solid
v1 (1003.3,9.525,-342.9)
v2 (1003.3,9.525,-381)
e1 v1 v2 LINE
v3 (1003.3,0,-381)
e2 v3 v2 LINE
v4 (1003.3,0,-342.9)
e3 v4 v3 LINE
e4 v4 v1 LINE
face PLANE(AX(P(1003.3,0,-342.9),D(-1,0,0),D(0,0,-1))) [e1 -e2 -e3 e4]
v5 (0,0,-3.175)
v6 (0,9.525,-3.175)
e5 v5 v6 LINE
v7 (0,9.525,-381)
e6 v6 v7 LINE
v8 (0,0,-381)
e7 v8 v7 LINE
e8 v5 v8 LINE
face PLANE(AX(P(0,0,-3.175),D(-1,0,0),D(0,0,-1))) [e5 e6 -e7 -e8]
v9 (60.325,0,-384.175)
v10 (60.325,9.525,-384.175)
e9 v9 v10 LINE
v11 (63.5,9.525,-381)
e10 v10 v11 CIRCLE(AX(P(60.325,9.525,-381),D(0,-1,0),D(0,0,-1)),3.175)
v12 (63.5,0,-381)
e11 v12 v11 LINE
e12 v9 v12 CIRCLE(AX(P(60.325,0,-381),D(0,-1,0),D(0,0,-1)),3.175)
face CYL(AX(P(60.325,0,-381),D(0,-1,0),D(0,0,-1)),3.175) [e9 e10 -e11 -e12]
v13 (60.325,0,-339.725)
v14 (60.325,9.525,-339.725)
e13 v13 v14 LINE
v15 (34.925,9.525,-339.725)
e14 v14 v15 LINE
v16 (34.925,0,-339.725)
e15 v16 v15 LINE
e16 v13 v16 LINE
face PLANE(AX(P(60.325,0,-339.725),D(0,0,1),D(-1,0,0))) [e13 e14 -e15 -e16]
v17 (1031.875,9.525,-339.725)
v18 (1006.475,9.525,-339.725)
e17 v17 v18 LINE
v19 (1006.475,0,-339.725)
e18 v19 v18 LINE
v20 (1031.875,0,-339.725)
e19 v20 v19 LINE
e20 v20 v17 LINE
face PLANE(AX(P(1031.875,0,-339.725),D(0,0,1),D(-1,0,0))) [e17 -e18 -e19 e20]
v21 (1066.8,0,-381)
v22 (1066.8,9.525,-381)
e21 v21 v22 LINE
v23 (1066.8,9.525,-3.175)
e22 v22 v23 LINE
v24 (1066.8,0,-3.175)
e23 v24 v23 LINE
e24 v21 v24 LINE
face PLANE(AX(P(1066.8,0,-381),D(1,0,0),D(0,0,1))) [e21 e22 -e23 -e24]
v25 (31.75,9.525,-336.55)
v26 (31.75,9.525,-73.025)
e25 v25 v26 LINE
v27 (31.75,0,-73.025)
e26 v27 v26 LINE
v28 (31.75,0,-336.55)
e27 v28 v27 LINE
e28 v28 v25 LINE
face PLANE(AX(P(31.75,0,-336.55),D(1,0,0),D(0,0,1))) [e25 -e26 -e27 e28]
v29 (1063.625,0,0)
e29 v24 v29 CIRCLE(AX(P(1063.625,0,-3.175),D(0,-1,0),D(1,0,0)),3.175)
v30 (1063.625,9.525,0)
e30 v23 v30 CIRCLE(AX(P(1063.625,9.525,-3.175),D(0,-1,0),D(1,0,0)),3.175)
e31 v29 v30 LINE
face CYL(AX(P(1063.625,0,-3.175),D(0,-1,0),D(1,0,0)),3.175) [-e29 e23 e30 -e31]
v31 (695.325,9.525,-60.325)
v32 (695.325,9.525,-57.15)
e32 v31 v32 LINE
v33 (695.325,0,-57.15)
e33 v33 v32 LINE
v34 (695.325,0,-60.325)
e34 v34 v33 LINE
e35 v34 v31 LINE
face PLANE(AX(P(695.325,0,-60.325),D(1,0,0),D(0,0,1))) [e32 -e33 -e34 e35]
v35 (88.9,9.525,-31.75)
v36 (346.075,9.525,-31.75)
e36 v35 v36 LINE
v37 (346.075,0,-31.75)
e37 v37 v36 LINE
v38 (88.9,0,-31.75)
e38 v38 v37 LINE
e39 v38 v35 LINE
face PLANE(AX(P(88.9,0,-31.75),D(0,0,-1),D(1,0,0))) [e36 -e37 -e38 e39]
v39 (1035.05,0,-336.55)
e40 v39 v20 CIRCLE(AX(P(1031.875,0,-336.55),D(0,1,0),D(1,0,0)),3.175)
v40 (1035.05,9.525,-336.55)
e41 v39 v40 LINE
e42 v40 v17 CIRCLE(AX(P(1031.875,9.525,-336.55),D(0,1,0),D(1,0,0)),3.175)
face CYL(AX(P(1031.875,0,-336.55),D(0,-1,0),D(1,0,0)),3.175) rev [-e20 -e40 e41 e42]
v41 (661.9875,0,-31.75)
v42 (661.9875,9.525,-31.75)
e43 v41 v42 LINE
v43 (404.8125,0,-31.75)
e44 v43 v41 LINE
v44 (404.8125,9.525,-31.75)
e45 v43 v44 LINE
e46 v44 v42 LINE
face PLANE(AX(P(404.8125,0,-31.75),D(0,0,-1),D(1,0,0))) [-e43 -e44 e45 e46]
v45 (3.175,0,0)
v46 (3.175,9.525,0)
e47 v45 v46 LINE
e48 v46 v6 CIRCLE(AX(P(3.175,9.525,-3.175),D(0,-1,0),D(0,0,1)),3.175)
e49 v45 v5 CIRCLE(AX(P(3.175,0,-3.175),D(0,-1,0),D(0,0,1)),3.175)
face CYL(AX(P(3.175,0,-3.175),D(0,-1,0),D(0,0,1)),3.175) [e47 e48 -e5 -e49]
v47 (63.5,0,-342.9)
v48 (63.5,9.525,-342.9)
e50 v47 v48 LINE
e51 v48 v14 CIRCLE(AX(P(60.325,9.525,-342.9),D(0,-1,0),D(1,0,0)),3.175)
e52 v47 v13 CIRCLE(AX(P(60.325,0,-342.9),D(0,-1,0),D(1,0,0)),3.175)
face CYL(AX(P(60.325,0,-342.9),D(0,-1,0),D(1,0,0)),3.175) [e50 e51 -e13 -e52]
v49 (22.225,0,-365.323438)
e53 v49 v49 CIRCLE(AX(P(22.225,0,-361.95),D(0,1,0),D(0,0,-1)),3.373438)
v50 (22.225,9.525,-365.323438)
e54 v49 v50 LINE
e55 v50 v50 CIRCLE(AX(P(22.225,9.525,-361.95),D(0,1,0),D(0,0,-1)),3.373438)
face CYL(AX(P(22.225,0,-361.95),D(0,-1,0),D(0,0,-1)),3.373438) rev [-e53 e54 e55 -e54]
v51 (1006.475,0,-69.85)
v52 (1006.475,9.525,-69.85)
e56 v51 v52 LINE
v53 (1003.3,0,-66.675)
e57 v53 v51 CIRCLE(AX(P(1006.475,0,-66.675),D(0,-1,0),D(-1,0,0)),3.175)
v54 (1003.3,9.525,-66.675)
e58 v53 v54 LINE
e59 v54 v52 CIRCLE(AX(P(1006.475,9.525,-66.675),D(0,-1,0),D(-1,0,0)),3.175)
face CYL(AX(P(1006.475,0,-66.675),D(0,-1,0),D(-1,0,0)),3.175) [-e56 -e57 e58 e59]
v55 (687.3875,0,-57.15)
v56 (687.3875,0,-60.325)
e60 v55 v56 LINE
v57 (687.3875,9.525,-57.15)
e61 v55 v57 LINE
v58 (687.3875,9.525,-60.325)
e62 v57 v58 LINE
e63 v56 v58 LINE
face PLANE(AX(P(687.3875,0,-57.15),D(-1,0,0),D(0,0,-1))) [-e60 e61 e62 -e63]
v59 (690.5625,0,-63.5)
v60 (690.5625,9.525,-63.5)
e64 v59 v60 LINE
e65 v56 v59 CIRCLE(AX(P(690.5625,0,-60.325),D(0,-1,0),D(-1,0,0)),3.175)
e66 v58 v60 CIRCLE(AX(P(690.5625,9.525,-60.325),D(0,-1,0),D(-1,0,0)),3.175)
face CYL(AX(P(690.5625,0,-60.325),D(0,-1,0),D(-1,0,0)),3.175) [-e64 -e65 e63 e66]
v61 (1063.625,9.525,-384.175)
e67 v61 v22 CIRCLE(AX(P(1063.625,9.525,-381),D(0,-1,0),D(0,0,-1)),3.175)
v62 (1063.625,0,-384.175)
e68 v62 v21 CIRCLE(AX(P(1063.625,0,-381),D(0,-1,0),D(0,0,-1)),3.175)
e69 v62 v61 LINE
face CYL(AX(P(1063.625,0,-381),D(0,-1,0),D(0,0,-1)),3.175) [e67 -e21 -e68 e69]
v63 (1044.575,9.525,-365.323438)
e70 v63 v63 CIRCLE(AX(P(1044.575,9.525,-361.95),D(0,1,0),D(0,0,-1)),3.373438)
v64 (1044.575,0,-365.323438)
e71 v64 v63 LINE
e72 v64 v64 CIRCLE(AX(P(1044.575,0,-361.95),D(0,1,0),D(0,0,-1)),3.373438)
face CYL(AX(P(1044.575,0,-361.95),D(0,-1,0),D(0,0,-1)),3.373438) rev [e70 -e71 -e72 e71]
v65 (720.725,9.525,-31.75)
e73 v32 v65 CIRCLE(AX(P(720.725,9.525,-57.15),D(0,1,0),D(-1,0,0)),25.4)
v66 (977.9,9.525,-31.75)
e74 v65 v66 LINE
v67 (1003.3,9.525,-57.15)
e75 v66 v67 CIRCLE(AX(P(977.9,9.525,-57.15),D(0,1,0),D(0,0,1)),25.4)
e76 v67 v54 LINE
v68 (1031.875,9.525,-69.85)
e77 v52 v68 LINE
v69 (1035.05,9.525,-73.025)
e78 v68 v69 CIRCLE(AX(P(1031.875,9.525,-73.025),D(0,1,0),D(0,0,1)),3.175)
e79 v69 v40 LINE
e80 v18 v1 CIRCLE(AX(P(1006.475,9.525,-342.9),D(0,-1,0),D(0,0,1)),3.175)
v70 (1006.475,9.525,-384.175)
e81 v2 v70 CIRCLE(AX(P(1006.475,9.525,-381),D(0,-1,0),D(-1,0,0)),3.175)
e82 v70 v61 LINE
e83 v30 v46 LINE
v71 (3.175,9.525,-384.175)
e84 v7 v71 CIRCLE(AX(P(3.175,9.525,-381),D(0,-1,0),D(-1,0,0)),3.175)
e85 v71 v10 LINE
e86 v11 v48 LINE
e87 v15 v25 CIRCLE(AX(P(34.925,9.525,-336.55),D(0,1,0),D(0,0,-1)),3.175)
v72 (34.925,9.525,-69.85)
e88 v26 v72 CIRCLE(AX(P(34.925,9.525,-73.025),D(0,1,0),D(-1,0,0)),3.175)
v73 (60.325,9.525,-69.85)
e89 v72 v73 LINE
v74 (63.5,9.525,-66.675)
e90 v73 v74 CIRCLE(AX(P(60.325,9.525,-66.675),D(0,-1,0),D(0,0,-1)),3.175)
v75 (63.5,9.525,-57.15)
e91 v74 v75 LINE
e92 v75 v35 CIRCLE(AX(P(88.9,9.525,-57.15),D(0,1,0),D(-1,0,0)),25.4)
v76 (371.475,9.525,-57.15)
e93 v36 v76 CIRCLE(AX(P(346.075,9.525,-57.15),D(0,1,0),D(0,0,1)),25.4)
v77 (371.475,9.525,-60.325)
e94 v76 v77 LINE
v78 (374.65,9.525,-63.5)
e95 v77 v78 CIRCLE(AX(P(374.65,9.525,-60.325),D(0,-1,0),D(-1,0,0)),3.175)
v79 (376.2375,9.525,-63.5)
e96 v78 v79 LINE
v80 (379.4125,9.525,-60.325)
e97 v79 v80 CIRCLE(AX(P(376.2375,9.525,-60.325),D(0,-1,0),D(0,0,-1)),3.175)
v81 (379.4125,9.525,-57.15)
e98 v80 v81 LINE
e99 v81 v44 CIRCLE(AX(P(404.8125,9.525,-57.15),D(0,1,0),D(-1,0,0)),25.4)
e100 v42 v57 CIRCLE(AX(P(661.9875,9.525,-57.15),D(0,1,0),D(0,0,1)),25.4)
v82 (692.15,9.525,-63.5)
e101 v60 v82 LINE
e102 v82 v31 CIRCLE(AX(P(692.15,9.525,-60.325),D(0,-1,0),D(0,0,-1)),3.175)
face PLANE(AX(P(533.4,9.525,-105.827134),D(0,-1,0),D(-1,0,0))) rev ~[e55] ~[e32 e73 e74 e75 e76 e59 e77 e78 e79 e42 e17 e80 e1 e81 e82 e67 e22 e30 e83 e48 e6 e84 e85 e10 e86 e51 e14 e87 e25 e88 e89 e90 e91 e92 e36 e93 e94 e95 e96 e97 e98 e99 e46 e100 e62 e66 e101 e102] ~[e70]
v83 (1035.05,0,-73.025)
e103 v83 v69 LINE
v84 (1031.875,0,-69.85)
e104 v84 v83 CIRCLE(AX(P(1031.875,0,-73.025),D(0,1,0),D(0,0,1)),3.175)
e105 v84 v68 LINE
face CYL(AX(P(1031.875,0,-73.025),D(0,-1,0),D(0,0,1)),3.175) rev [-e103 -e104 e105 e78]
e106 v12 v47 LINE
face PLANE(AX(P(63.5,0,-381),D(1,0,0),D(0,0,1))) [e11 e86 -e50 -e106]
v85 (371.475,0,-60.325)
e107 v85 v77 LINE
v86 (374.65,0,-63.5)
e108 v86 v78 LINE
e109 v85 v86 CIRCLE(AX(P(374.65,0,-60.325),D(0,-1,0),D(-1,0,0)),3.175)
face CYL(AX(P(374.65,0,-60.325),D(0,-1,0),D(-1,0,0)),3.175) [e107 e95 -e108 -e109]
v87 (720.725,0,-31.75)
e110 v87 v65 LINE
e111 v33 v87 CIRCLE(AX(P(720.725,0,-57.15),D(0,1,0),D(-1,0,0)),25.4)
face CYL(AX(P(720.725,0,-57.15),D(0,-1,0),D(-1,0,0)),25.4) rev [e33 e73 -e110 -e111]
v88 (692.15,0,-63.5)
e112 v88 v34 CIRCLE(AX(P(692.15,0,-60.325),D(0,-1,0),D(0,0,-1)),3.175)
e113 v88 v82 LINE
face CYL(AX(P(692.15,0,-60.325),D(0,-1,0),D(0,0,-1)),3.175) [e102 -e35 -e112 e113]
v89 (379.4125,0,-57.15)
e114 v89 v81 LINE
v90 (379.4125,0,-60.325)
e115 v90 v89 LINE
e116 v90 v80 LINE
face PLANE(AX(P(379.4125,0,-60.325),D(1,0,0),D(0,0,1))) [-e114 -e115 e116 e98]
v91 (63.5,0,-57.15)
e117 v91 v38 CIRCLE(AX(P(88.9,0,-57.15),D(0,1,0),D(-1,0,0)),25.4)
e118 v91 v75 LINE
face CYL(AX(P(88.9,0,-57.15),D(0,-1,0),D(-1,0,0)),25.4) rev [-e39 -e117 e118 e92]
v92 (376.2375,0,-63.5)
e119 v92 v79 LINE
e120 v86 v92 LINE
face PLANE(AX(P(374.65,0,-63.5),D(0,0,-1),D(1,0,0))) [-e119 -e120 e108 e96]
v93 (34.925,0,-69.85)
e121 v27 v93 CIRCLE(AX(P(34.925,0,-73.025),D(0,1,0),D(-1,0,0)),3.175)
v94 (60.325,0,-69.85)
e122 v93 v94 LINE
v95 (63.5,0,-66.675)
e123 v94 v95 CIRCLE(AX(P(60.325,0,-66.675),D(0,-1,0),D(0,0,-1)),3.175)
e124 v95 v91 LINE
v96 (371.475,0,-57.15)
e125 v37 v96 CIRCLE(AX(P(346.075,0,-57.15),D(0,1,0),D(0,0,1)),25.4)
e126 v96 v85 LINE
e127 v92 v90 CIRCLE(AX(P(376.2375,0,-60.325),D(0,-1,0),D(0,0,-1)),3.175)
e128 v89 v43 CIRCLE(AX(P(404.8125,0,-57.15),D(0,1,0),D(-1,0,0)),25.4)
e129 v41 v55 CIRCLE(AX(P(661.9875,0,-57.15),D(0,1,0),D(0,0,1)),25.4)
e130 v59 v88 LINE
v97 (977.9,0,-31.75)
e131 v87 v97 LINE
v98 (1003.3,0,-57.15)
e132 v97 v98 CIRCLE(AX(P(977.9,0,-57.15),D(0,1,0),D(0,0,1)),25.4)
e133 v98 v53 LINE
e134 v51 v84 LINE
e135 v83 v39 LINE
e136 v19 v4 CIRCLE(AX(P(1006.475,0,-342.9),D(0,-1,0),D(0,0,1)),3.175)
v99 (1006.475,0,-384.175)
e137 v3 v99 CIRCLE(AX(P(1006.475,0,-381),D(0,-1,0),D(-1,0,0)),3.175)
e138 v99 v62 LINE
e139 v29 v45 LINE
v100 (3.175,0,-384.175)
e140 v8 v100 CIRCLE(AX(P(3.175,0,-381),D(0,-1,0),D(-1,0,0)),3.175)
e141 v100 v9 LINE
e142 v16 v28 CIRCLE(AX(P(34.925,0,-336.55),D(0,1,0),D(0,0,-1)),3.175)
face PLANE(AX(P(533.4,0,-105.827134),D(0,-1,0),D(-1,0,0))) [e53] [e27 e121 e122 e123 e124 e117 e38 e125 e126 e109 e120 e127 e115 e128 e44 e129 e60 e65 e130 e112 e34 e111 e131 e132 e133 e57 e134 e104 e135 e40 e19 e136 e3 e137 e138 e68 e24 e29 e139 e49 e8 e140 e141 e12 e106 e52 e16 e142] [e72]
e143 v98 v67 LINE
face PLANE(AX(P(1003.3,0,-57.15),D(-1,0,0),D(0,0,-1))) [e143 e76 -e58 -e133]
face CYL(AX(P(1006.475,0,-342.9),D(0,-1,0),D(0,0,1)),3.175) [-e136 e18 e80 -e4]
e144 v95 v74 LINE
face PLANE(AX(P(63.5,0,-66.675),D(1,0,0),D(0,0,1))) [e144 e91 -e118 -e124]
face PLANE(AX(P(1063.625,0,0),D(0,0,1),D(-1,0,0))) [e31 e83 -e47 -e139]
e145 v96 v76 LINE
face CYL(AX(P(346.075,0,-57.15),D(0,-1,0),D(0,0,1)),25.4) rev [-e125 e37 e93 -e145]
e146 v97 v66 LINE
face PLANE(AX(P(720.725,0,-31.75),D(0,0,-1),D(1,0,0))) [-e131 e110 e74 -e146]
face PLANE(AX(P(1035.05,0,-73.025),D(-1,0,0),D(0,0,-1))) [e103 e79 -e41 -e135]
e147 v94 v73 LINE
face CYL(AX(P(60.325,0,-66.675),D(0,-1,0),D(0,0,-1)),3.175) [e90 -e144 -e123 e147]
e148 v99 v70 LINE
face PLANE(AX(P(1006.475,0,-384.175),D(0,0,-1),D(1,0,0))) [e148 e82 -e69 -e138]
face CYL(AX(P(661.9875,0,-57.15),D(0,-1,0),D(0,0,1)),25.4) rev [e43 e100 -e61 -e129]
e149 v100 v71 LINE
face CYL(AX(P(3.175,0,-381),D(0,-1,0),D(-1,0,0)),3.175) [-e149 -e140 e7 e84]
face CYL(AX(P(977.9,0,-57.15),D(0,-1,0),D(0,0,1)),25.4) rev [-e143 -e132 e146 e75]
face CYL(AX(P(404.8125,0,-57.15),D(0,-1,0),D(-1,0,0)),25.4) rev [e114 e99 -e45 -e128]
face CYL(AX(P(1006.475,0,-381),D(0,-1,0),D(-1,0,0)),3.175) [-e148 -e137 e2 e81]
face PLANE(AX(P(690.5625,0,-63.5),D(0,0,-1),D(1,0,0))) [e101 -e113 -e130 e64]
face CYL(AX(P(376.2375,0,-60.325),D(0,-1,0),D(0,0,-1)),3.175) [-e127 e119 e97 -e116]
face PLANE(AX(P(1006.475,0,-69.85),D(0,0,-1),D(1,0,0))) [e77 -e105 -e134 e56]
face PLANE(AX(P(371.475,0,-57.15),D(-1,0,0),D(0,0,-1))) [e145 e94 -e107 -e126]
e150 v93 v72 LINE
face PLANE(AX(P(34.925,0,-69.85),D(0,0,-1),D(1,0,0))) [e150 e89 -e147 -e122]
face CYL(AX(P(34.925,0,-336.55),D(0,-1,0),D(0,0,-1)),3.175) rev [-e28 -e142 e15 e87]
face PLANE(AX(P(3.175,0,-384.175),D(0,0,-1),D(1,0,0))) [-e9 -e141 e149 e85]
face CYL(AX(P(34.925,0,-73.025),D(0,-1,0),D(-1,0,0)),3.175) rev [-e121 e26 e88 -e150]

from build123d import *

# Parameters (mm, degrees)
SKETCH1_R           = 3.3734375
BOSS_EXTRUDE1_DEPTH = 9.525


with BuildPart() as part:
    # Sketch1 → Boss-Extrude1 (new body)
    with BuildSketch(Plane(origin=(0, 0, 0), x_dir=(1, 0, 0), z_dir=(0, 1, 0))):
        with BuildLine():
            Line((1006.475, 384.175), (1063.625, 384.175))
            ThreePointArc((1063.625, 384.175), (1065.87006403, 383.24506403), (1066.8, 381))
            Line((1066.8, 381), (1066.8, 3.175))
            ThreePointArc((1066.8, 3.175), (1065.87006403, 0.92993597), (1063.625, 0))
            Line((1063.625, 0), (3.175, 0))
            ThreePointArc((3.175, 0), (0.92993597, 0.92993597), (0, 3.175))
            Line((0, 3.175), (0, 381))
            ThreePointArc((0, 381), (0.92993597, 383.24506403), (3.175, 384.175))
            Line((3.175, 384.175), (60.325, 384.175))
            ThreePointArc((60.325, 384.175), (62.57006403, 383.24506403), (63.5, 381))
            Line((63.5, 381), (63.5, 342.9))
            ThreePointArc((63.5, 342.9), (62.57006403, 340.65493597), (60.325, 339.725))
            Line((60.325, 339.725), (34.925, 339.725))
            ThreePointArc((34.925, 339.725), (32.67993597, 338.79506403), (31.75, 336.55))
            Line((31.75, 336.55), (31.75, 73.025))
            ThreePointArc((31.75, 73.025), (32.67993597, 70.77993597), (34.925, 69.85))
            Line((34.925, 69.85), (60.325, 69.85))
            ThreePointArc((60.325, 69.85), (62.57006403, 68.92006403), (63.5, 66.675))
            Line((63.5, 66.675), (63.5, 57.15))
            ThreePointArc((63.5, 57.15), (70.939487758, 39.189487758), (88.9, 31.75))
            Line((88.9, 31.75), (346.075, 31.75))
            ThreePointArc((346.075, 31.75), (364.035512242, 39.189487758), (371.475, 57.15))
            Line((371.475, 57.15), (371.475, 60.325))
            ThreePointArc((371.475, 60.325), (372.40493597, 62.57006403), (374.65, 63.5))
            Line((374.65, 63.5), (376.2375, 63.5))
            ThreePointArc((376.2375, 63.5), (378.48256403, 62.57006403), (379.4125, 60.325))
            Line((379.4125, 60.325), (379.4125, 57.15))
            ThreePointArc((379.4125, 57.15), (386.851987758, 39.189487758), (404.8125, 31.75))
            Line((404.8125, 31.75), (661.9875, 31.75))
            ThreePointArc((661.9875, 31.75), (679.948012242, 39.189487758), (687.3875, 57.15))
            Line((687.3875, 57.15), (687.3875, 60.325))
            ThreePointArc((687.3875, 60.325), (688.31743597, 62.57006403), (690.5625, 63.5))
            Line((690.5625, 63.5), (692.15, 63.5))
            ThreePointArc((692.15, 63.5), (694.39506403, 62.57006403), (695.325, 60.325))
            Line((695.325, 60.325), (695.325, 57.15))
            ThreePointArc((695.325, 57.15), (702.764487758, 39.189487758), (720.725, 31.75))
            Line((720.725, 31.75), (977.9, 31.75))
            ThreePointArc((977.9, 31.75), (995.860512242, 39.189487758), (1003.3, 57.15))
            Line((1003.3, 57.15), (1003.3, 66.675))
            ThreePointArc((1003.3, 66.675), (1004.22993597, 68.92006403), (1006.475, 69.85))
            Line((1006.475, 69.85), (1031.875, 69.85))
            ThreePointArc((1031.875, 69.85), (1034.12006403, 70.77993597), (1035.05, 73.025))
            Line((1035.05, 73.025), (1035.05, 336.55))
            ThreePointArc((1035.05, 336.55), (1034.12006403, 338.79506403), (1031.875, 339.725))
            Line((1031.875, 339.725), (1006.475, 339.725))
            ThreePointArc((1006.475, 339.725), (1004.22993597, 340.65493597), (1003.3, 342.9))
            Line((1003.3, 342.9), (1003.3, 381))
            ThreePointArc((1003.3, 381), (1004.22993597, 383.24506403), (1006.475, 384.175))
        make_face()
        with Locations(Location((22.225, 361.95, 0), (0, 0, 90))):
            Circle(SKETCH1_R, mode=Mode.SUBTRACT)
        with Locations(Location((1044.575, 361.95, 0), (0, 0, 90))):
            Circle(SKETCH1_R, mode=Mode.SUBTRACT)
    extrude(amount=BOSS_EXTRUDE1_DEPTH)


solid = part.part
